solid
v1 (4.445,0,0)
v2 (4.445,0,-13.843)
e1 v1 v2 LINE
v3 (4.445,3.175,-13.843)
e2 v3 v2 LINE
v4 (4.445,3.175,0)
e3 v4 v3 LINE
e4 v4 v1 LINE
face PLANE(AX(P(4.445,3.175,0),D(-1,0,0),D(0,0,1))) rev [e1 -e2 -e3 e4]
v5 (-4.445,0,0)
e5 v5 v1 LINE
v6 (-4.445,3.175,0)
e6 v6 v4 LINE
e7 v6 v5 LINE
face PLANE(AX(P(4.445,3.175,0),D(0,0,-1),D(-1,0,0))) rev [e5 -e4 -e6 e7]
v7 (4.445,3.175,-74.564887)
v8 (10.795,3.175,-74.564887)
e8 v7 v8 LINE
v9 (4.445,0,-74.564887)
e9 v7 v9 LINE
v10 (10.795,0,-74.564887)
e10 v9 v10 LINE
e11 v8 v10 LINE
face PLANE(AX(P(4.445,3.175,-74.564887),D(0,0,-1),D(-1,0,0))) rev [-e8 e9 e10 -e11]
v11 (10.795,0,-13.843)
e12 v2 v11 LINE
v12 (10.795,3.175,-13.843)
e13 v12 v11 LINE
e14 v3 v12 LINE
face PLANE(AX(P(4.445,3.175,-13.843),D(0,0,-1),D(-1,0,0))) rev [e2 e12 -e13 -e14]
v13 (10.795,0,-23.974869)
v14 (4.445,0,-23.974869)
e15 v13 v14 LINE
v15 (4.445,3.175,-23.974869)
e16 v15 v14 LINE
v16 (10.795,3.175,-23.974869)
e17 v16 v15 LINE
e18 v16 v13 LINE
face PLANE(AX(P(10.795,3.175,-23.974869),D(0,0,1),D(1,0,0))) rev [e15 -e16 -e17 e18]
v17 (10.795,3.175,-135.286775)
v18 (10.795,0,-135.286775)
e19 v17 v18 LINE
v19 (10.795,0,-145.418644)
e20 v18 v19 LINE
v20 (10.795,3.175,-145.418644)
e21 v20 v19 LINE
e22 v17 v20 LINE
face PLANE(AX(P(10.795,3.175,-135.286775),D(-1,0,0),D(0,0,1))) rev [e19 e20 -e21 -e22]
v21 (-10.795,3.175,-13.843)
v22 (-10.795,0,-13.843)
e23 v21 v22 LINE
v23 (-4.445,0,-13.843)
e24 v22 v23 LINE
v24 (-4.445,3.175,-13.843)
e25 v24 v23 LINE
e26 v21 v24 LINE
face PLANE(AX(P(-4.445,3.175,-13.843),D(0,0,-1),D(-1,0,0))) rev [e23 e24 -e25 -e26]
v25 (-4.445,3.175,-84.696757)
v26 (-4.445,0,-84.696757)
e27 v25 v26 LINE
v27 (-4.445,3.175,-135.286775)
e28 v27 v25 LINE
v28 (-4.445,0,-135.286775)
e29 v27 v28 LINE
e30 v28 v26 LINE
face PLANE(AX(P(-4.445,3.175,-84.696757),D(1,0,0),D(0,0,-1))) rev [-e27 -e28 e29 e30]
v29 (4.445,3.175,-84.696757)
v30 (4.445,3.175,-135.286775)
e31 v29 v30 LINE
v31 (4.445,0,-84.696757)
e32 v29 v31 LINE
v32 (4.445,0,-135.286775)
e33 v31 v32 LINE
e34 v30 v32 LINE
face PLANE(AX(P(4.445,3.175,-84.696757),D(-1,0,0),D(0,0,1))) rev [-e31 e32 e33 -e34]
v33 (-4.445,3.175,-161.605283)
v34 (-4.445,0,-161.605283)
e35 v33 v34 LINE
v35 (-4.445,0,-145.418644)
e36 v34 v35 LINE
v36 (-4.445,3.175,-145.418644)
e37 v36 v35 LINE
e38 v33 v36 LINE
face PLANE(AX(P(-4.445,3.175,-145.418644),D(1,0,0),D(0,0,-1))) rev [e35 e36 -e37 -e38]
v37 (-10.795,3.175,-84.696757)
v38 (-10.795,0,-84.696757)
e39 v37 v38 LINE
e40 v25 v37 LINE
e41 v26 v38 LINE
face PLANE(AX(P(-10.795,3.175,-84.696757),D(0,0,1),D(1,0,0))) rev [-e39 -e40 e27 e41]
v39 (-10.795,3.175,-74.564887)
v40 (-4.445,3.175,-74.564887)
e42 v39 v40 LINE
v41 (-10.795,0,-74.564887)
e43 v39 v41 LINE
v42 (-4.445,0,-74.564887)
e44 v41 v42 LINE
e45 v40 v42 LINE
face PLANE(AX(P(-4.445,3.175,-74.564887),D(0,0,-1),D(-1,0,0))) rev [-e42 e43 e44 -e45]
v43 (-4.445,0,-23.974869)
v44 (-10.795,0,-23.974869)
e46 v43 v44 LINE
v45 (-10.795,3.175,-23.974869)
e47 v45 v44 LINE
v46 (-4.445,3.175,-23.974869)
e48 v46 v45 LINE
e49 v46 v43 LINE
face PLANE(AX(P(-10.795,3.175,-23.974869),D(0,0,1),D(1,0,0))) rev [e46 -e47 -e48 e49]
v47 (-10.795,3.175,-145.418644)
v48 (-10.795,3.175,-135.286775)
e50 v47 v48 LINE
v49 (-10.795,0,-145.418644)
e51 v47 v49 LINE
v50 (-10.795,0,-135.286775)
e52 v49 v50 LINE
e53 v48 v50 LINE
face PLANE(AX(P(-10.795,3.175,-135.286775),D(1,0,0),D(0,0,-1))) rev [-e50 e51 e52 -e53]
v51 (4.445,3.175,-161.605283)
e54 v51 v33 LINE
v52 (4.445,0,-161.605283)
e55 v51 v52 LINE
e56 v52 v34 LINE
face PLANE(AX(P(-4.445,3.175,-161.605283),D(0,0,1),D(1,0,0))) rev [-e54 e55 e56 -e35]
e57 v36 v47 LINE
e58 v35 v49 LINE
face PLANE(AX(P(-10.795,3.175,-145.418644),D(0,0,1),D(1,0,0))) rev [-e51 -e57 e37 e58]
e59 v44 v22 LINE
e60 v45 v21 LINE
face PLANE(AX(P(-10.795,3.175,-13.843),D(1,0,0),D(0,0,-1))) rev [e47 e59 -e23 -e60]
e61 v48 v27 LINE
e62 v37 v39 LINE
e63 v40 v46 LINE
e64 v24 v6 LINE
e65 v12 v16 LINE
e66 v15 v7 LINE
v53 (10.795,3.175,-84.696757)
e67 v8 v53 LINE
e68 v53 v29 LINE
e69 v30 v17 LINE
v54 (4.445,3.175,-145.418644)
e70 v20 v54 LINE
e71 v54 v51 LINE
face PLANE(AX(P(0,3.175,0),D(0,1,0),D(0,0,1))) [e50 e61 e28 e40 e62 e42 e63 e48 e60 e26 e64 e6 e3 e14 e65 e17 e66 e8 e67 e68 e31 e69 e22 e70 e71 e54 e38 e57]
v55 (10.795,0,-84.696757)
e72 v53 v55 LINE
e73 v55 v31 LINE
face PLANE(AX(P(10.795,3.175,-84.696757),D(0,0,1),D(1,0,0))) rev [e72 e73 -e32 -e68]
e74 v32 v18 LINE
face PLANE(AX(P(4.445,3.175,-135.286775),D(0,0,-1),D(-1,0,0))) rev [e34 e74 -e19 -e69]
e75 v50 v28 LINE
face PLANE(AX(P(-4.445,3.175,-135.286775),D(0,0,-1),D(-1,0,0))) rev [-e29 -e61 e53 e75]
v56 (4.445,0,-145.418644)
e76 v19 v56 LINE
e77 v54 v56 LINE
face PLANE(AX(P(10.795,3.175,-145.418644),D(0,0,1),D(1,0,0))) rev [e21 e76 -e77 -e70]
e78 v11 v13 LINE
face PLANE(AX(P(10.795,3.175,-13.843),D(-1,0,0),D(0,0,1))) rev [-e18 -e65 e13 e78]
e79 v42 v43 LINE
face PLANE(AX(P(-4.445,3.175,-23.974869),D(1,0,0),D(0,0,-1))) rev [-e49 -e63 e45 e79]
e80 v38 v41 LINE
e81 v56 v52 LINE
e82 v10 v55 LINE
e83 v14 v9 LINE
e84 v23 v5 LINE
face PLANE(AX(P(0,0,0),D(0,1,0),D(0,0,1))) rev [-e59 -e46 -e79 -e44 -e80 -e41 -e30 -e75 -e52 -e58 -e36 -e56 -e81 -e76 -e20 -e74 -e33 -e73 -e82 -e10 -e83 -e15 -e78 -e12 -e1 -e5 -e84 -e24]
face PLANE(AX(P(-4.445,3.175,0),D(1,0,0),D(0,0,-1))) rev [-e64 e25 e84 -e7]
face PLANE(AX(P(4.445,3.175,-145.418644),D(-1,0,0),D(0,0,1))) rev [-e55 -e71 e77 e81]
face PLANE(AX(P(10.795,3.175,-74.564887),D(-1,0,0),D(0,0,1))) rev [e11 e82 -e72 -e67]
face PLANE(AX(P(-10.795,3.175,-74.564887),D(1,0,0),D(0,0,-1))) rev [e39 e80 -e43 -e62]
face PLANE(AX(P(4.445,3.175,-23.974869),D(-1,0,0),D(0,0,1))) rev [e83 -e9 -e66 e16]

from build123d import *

# Parameters (mm, degrees)
BOSS_EXTRUDE1_DEPTH = 3.175


with BuildPart() as part:
    # Sketch1 → Boss-Extrude1 (new body)
    with BuildSketch(Plane(origin=(0, 0, 0), x_dir=(1, 0, 0), z_dir=(0, 1, 0))):
        Polygon((4.445, 0), (-4.445, 0), (-4.445, 13.843), (-10.795, 13.843), (-10.795, 23.974869246), (-4.445, 23.974869246), (-4.445, 74.564887446), (-10.795, 74.564887446), (-10.795, 84.696756692), (-4.445, 84.696756692), (-4.445, 135.286774892), (-10.795, 135.286774892), (-10.795, 145.418644138), (-4.445, 145.418644138), (-4.445, 161.605283342), (4.445, 161.605283342), (4.445, 145.418644138), (10.795, 145.418644138), (10.795, 135.286774892), (4.445, 135.286774892), (4.445, 84.696756692), (10.795, 84.696756692), (10.795, 74.564887446), (4.445, 74.564887446), (4.445, 23.974869246), (10.795, 23.974869246), (10.795, 13.843), (4.445, 13.843), align=None)
    extrude(amount=BOSS_EXTRUDE1_DEPTH)


solid = part.part
